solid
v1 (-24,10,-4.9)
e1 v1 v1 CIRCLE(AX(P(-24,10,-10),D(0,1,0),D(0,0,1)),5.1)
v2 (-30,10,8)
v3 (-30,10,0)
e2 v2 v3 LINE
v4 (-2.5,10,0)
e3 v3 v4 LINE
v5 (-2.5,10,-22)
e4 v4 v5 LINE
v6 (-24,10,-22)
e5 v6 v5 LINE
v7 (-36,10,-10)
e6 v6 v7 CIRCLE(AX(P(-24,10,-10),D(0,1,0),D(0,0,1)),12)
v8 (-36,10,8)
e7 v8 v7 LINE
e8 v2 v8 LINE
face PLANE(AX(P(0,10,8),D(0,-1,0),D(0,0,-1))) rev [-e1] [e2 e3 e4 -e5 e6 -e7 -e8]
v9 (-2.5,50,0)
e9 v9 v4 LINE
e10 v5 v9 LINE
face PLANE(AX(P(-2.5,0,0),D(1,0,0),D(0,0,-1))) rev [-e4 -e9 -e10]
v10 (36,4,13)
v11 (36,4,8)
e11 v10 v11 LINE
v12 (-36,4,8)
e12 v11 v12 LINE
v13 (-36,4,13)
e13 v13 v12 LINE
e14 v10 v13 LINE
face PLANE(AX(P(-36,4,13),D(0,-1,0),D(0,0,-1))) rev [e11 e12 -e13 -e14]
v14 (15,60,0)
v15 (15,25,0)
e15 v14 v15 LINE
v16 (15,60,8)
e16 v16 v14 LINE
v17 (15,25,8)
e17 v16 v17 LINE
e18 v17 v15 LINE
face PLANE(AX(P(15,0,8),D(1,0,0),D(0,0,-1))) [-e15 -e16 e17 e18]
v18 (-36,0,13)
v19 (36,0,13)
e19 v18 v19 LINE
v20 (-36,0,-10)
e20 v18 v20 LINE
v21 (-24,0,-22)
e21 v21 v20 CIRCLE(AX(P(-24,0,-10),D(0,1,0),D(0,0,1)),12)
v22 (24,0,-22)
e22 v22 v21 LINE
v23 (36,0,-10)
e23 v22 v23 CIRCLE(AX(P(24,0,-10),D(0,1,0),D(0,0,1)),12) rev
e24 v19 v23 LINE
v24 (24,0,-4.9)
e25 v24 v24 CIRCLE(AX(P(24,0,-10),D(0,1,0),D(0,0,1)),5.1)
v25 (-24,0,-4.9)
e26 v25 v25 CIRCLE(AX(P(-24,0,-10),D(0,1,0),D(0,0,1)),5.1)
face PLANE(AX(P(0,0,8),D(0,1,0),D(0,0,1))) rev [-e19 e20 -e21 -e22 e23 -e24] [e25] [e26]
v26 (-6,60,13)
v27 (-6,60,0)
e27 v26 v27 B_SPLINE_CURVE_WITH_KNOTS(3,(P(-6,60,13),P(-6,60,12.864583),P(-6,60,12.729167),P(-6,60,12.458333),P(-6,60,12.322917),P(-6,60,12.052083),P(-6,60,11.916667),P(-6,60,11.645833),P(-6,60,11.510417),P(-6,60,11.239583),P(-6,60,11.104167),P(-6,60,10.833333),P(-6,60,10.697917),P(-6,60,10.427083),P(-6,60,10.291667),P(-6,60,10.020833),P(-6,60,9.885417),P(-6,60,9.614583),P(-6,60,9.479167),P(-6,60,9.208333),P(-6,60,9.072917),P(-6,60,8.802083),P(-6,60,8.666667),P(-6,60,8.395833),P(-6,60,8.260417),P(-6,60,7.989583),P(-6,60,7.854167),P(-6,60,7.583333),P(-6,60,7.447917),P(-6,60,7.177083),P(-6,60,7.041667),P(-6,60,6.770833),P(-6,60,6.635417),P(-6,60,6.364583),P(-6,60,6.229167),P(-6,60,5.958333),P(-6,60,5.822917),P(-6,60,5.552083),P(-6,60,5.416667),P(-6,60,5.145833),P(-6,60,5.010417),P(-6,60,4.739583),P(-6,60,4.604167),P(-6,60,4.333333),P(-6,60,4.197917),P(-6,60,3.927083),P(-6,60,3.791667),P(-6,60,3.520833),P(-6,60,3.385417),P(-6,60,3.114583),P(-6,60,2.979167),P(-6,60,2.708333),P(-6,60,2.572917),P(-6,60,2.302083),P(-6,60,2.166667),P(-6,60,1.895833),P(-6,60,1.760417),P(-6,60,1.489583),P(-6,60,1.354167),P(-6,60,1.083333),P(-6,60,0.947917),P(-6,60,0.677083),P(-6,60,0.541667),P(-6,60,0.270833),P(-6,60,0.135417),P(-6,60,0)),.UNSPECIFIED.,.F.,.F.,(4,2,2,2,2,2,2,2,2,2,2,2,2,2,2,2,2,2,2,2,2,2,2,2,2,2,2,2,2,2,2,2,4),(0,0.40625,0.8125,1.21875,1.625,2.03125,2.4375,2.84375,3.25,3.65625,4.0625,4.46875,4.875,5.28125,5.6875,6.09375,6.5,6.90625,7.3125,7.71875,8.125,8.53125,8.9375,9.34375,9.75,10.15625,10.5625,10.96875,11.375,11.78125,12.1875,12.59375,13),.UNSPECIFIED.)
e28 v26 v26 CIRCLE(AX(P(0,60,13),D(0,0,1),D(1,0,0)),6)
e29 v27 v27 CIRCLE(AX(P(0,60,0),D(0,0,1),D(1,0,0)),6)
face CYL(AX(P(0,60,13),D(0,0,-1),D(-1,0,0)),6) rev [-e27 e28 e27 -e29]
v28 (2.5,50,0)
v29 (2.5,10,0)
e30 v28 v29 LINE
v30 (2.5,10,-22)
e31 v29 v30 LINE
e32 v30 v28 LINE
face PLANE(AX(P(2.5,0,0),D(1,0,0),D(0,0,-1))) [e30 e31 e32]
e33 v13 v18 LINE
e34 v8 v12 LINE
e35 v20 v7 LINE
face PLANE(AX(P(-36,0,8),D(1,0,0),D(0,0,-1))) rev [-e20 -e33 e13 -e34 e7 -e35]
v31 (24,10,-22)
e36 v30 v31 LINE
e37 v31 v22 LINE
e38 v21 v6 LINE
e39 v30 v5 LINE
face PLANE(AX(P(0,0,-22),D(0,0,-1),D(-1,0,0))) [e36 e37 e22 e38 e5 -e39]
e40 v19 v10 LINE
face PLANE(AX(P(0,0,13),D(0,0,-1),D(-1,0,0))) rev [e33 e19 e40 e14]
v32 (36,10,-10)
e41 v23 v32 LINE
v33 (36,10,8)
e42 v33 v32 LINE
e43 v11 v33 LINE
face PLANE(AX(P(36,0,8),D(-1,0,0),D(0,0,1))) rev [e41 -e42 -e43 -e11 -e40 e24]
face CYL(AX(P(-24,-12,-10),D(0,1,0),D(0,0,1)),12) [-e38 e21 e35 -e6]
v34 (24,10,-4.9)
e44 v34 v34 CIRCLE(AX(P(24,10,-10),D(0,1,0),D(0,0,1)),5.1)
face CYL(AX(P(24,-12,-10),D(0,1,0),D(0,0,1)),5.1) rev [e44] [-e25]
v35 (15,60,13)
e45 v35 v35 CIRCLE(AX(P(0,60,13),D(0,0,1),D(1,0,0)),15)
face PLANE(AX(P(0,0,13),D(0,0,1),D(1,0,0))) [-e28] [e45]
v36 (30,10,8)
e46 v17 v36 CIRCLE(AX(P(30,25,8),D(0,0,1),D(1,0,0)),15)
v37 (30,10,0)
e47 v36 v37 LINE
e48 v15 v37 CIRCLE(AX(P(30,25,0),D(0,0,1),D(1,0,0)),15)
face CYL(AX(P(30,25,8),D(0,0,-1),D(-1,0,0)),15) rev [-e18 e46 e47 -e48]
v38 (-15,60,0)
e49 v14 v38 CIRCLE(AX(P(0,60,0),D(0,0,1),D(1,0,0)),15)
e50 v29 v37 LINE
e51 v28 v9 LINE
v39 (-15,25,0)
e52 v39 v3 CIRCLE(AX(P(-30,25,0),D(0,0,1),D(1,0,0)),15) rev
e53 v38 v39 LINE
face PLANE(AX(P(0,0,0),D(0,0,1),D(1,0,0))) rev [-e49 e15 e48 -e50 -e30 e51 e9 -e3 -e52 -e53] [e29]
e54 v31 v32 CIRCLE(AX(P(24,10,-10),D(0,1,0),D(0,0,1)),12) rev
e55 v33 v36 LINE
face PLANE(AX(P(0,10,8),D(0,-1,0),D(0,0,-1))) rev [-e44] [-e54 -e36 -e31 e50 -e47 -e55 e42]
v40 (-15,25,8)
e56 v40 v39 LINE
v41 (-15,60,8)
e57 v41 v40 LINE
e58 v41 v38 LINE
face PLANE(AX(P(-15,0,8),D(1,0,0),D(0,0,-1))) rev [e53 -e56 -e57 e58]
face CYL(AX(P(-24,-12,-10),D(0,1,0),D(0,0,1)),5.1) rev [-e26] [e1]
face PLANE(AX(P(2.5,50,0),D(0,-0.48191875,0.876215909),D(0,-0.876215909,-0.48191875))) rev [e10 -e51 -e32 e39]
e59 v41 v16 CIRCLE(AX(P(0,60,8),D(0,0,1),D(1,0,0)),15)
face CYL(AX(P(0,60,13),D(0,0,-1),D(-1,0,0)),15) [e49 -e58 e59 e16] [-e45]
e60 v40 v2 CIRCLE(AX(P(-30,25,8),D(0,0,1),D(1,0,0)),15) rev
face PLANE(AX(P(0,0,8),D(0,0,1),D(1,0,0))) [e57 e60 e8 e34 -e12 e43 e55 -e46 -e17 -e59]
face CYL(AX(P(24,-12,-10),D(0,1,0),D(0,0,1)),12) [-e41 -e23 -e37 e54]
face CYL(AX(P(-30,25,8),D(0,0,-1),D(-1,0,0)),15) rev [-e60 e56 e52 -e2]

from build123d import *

# Parameters (mm, degrees)
BOSS_EXTRUDE1_DEPTH = 8
SKETCH1_3_R         = 6
BOSS_EXTRUDE2_DEPTH = 13
SKETCH2_W           = 72
SKETCH2_H           = 10
BOSS_EXTRUDE3_DEPTH = 22
SKETCH3_R           = 5.1
CUT_EXTRUDE1_DEPTH  = 22
SKETCH4_W           = 72
SKETCH4_H           = 4
BOSS_EXTRUDE4_DEPTH = 5
BOSS_EXTRUDE5_DEPTH = 2.5


with BuildPart() as part:
    # Sketch1 → Boss-Extrude1 (new body)
    with BuildSketch(Plane.XY):
        with BuildLine():
            Line((-36, 10), (-36, 0))
            Line((-36, 0), (36, 0))
            Line((36, 0), (36, 10))
            Line((36, 10), (30, 10))
            ThreePointArc((30, 10), (19.393398282, 14.393398282), (15, 25))
            Line((15, 25), (15, 60))
            ThreePointArc((15, 60), (0, 45), (-15, 60))
            Line((-15, 60), (-15, 25))
            ThreePointArc((-15, 25), (-19.393398282, 14.393398282), (-30, 10))
            Line((-30, 10), (-36, 10))
        make_face()
    extrude(amount=BOSS_EXTRUDE1_DEPTH)

    # Sketch1<3> → Boss-Extrude2 (add)
    with BuildSketch(Plane.XY):
        with BuildLine():
            ThreePointArc((15, 60), (0, 75), (-15, 60))
            ThreePointArc((-15, 60), (0, 45), (15, 60))
        make_face()
        with Locations((0, 60)):
            Circle(SKETCH1_3_R, mode=Mode.SUBTRACT)
    extrude(amount=BOSS_EXTRUDE2_DEPTH)

    # Sketch2 → Boss-Extrude3 (add)
    with BuildSketch(Plane(origin=(0, 0, 0), x_dir=(-1, 0, 0), z_dir=(0, 0, -1))):
        with Locations((0, 5)):
            Rectangle(SKETCH2_W, SKETCH2_H)
    extrude(amount=BOSS_EXTRUDE3_DEPTH)

    # Sketch3 → Cut-Extrude1 (cut)
    with BuildSketch(Plane(origin=(0, 10, 0), x_dir=(1, 0, 0), z_dir=(0, 1, 0))):
        with BuildLine():
            ThreePointArc((-36, 10), (-32.485281374, 18.485281374), (-24, 22))
            Line((-24, 22), (-36, 22))
            Line((-36, 22), (-36, 10))
        make_face()
        with BuildLine():
            Line((36, 22), (24, 22))
            ThreePointArc((24, 22), (32.485281374, 18.485281374), (36, 10))
            Line((36, 10), (36, 22))
        make_face()
        with Locations((-24, 10)):
            Circle(SKETCH3_R)
        with Locations((24, 10)):
            Circle(SKETCH3_R)
    extrude(amount=-CUT_EXTRUDE1_DEPTH, mode=Mode.SUBTRACT)

    # Sketch4 → Boss-Extrude4 (add)
    with BuildSketch(Plane.XY.offset(8)):
        with Locations((0, 2)):
            Rectangle(SKETCH4_W, SKETCH4_H)
    extrude(amount=BOSS_EXTRUDE4_DEPTH)

    # Sketch5 → Boss-Extrude5 (add, symmetric)
    with BuildSketch(Plane(origin=(0, 0, 0), x_dir=(0, 0, -1), z_dir=(1, 0, 0))):
        Polygon((0, 10), (0, 50), (22, 10), align=None)
    extrude(amount=BOSS_EXTRUDE5_DEPTH, both=True)


solid = part.part
